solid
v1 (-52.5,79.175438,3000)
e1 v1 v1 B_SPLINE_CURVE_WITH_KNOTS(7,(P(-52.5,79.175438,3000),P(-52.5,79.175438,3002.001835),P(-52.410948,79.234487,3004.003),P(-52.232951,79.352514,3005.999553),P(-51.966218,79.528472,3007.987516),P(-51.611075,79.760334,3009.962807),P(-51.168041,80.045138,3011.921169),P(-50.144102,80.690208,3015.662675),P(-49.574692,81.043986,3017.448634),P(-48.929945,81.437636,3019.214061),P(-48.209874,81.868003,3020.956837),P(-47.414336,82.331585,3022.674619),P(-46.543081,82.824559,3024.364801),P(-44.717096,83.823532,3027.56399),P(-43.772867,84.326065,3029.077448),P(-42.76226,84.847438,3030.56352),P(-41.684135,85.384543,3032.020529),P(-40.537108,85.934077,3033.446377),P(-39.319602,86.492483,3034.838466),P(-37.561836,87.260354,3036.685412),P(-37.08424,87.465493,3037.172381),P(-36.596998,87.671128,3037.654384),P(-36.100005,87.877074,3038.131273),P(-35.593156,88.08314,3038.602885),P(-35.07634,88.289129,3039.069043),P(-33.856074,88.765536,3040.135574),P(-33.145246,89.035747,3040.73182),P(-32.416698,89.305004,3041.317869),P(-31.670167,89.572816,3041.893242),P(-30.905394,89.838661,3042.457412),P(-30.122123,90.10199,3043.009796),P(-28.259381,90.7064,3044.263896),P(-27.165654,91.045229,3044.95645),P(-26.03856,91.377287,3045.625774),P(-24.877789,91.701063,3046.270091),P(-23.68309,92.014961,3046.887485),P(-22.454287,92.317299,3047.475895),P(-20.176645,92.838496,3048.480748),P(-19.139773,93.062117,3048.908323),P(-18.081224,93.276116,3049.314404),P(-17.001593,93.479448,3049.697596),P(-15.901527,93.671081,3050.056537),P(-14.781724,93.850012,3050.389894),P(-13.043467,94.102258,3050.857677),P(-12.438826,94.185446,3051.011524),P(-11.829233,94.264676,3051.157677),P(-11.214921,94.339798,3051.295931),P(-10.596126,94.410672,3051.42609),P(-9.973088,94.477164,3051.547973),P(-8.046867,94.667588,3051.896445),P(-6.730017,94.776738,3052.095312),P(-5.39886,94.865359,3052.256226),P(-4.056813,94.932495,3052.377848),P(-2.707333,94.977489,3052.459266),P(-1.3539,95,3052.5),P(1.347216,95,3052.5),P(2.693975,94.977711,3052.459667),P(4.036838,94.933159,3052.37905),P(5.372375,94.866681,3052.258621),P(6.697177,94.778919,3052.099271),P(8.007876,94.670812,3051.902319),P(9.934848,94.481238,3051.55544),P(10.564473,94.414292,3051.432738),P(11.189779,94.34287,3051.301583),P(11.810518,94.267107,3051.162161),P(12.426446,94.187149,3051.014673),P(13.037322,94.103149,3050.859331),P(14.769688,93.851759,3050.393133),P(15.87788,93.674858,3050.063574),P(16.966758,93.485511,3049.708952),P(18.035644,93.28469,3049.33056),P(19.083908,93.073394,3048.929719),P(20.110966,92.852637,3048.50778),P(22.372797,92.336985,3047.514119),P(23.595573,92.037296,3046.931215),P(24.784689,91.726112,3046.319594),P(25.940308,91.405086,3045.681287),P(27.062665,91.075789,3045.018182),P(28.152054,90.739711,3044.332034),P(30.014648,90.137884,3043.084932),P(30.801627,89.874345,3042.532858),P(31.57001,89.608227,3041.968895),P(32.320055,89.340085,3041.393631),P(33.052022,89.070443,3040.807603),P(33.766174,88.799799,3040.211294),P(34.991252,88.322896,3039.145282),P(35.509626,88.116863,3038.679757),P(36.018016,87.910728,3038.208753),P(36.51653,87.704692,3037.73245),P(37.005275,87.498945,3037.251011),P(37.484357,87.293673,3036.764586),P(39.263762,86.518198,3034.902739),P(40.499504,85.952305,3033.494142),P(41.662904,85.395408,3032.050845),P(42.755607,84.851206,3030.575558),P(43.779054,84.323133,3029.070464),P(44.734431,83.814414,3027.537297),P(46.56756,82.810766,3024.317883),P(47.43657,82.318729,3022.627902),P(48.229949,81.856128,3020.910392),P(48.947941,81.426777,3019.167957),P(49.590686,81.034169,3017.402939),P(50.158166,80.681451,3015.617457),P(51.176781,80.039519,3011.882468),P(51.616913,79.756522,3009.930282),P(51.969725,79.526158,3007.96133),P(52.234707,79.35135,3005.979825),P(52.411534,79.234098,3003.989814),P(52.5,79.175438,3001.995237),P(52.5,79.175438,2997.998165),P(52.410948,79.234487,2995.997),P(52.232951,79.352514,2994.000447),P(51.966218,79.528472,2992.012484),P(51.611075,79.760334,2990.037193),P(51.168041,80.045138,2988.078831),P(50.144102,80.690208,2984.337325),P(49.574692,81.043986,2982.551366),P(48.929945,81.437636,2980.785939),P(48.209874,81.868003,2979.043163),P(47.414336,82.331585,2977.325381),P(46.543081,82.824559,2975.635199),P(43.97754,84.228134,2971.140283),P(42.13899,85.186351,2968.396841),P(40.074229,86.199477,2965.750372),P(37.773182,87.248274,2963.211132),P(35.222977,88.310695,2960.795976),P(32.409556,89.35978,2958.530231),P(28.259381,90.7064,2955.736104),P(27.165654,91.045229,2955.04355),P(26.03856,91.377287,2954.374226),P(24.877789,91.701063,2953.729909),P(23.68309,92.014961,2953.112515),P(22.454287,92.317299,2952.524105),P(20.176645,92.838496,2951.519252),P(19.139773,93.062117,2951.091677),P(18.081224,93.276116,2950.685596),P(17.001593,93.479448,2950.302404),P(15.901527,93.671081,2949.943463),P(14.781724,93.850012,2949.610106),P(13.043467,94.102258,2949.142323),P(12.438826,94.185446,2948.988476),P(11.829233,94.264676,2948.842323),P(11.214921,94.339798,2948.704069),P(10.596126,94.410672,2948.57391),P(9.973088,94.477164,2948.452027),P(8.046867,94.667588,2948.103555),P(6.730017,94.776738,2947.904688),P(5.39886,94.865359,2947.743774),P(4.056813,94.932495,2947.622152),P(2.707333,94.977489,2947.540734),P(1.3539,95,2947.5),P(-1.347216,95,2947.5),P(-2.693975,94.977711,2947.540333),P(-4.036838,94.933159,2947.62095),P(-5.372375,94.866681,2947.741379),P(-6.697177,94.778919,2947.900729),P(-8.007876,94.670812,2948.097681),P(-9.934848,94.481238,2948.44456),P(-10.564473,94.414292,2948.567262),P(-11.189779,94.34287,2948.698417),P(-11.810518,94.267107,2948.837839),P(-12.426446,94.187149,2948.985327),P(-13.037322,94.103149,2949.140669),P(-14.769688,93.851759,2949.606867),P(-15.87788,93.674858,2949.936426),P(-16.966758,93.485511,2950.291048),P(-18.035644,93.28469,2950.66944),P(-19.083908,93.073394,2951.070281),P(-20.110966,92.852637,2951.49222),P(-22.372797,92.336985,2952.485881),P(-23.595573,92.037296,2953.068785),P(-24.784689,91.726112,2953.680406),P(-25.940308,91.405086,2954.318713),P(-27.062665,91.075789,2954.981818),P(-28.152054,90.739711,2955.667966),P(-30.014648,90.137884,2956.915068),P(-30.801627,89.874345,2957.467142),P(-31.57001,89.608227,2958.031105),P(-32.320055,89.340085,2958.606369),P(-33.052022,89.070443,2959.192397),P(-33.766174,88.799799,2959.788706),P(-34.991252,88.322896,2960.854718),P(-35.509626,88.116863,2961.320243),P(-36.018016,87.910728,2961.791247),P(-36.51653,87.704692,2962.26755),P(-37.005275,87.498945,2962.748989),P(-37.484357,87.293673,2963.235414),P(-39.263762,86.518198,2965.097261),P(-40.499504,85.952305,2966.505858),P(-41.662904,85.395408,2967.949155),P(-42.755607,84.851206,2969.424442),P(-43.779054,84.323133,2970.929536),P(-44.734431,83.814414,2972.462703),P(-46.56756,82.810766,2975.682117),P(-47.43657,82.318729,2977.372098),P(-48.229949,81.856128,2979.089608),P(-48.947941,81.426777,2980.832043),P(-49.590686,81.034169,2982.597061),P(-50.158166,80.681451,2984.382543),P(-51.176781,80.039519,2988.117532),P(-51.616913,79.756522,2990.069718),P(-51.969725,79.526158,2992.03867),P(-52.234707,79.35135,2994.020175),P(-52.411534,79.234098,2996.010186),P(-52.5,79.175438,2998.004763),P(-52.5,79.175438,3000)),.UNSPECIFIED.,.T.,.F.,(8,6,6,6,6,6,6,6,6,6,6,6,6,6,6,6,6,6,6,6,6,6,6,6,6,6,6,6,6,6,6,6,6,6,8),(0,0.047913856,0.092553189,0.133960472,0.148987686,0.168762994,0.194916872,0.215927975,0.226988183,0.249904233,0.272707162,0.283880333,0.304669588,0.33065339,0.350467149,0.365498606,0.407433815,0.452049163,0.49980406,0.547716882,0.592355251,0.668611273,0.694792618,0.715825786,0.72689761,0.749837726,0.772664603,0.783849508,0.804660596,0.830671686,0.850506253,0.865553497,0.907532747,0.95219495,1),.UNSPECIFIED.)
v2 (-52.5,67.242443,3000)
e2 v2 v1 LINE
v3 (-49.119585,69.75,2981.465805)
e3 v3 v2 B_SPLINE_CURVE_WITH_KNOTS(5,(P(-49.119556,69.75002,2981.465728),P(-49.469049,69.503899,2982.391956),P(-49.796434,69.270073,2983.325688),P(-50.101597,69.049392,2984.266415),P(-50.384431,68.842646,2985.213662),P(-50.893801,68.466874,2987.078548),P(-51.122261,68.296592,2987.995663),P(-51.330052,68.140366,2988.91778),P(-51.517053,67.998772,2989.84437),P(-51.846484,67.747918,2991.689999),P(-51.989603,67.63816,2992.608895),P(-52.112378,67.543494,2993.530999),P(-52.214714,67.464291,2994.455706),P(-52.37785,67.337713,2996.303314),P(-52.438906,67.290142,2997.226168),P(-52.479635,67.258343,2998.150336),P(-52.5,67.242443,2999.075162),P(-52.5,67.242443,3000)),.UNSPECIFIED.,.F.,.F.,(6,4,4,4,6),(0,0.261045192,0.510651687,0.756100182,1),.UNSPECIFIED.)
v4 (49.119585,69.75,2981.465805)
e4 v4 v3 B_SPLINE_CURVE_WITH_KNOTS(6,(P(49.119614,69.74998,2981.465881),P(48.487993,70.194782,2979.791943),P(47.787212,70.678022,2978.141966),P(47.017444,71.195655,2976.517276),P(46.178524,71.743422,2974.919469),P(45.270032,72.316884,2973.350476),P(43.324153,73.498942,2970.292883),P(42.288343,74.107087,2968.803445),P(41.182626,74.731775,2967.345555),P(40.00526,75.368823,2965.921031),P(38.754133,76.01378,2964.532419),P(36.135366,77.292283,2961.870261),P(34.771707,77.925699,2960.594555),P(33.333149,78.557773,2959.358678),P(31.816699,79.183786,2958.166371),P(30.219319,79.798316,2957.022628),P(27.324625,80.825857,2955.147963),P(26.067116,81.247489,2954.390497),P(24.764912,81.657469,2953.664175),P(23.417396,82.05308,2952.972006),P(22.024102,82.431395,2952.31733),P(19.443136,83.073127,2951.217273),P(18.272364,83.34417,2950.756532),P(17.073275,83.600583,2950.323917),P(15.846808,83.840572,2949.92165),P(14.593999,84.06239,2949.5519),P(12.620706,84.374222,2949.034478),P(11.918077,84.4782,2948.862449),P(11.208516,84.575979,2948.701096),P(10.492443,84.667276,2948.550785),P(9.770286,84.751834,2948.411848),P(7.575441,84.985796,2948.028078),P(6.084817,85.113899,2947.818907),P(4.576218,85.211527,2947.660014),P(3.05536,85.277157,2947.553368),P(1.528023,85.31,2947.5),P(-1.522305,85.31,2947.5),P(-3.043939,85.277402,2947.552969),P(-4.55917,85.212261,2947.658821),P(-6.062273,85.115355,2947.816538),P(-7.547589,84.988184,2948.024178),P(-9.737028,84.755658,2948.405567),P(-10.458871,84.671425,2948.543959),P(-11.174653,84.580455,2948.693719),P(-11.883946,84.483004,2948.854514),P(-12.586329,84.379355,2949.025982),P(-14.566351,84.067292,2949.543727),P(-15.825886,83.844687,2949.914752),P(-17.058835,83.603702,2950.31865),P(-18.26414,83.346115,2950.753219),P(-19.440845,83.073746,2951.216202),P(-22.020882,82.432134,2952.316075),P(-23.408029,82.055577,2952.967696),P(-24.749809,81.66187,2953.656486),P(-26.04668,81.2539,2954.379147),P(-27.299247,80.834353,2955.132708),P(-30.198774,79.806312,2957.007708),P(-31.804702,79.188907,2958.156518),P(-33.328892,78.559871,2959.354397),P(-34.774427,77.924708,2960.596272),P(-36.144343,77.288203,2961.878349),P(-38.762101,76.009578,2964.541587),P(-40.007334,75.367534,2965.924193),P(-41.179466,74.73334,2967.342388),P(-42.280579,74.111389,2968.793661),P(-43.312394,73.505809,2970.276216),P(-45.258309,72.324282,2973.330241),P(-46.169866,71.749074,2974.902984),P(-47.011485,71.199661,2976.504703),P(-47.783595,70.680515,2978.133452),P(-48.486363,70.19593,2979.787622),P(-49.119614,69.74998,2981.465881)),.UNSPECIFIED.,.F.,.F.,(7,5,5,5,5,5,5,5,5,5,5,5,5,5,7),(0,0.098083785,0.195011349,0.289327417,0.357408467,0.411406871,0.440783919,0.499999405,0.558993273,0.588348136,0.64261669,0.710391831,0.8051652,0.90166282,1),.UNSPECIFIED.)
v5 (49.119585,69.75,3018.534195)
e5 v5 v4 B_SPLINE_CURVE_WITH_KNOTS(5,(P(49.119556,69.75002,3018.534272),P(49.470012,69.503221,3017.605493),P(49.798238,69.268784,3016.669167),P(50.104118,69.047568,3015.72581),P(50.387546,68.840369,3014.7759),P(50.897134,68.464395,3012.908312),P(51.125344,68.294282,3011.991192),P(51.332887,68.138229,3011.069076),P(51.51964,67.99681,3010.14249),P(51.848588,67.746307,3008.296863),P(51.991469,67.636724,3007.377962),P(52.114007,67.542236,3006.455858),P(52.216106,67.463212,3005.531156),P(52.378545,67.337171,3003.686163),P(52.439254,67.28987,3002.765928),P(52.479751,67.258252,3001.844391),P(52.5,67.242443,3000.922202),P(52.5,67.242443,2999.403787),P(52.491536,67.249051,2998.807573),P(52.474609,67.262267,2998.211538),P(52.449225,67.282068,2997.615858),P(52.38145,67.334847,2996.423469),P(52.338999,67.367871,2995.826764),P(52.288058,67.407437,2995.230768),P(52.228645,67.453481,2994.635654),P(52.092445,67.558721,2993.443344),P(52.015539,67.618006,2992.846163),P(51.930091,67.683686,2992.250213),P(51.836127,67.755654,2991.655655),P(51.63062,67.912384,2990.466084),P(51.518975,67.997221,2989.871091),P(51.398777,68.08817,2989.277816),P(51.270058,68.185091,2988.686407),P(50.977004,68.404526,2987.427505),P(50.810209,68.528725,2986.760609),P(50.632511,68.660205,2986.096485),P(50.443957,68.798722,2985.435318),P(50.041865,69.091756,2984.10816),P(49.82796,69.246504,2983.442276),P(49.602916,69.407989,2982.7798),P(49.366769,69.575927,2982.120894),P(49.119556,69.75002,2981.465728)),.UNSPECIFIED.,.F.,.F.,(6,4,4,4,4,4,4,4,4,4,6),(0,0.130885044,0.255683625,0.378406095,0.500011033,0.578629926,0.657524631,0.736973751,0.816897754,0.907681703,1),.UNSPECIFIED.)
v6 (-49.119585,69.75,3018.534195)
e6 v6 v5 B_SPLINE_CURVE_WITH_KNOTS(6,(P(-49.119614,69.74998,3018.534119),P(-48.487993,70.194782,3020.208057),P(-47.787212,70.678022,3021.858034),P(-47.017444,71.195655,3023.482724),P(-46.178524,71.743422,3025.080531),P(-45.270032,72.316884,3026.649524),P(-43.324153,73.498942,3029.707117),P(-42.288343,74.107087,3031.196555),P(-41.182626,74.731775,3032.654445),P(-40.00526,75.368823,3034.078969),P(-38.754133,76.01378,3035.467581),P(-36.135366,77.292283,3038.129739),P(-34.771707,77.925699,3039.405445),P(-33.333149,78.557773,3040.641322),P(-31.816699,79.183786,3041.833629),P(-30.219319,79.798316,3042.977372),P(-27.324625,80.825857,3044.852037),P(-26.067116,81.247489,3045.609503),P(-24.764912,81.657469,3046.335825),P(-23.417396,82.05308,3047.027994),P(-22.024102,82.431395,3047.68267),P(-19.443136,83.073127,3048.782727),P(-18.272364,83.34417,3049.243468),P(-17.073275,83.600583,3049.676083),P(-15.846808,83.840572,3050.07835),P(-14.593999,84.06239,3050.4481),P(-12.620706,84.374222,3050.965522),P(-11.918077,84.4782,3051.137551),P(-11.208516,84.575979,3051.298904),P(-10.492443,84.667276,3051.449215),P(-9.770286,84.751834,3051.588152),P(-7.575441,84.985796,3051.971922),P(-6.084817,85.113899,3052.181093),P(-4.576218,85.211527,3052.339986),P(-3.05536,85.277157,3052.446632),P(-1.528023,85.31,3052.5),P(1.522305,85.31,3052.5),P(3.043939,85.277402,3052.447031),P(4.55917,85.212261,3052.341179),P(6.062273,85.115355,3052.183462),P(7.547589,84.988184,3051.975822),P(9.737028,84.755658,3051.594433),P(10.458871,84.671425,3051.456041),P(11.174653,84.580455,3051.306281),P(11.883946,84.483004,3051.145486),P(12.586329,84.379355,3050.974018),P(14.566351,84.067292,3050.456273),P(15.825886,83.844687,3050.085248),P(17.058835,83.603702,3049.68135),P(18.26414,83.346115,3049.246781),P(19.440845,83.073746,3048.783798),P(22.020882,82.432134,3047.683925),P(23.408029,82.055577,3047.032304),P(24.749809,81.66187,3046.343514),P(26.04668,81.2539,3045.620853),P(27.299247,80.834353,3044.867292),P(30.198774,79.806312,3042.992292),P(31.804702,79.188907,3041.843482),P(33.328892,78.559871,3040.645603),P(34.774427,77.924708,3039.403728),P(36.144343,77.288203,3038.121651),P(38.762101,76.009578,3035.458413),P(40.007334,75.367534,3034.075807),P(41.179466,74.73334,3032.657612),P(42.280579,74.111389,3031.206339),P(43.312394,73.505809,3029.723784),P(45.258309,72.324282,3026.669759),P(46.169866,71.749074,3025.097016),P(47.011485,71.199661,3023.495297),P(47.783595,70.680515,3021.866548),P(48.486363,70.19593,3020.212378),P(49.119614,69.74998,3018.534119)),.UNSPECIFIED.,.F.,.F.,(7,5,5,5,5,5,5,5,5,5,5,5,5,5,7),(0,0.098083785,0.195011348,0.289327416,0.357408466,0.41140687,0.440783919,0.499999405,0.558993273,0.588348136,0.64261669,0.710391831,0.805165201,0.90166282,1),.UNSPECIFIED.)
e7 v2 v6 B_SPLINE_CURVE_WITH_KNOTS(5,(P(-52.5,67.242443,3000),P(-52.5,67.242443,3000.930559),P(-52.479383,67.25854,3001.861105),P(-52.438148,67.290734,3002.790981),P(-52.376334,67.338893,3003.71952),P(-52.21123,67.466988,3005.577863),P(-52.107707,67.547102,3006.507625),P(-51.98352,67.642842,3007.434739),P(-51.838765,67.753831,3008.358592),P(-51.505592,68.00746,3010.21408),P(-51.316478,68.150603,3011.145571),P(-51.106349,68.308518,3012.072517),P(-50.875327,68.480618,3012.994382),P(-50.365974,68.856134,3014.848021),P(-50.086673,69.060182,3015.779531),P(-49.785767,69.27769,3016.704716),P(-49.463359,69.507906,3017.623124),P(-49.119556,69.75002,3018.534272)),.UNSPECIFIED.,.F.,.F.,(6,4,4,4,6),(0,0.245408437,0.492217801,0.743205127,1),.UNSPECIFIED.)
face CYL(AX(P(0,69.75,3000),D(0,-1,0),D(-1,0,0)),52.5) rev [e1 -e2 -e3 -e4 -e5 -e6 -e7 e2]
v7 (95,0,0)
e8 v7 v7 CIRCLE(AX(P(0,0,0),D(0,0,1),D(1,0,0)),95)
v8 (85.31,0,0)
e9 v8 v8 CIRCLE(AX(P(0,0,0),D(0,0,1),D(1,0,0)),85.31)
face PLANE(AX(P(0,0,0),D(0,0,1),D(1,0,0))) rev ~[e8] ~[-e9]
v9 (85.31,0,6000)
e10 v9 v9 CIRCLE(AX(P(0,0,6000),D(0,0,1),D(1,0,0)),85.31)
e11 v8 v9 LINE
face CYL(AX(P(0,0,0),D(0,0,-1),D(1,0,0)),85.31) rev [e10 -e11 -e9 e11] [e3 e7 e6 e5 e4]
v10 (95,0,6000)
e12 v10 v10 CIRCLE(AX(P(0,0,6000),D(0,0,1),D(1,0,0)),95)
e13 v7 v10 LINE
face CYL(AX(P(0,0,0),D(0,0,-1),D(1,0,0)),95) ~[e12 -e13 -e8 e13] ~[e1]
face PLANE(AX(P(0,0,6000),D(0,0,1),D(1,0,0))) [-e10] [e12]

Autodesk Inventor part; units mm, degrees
ref_plane "YZ Plane" through (0, 0, 0) normal (1, 0, 0) x (0, 1, 0)
ref_plane "XY Plane" through (0, 0, 0) normal (0, 0, 1) x (1, 0, 0)
sketch "Boceto1" plane through (0, 0, 0) normal (0, 0, 1) x (1, 0, 0)
  circle A0 centre (0, 0) radius 95
  circle A1 centre (0, 0) radius 85.31
  dimension "d0" = 190
  dimension "d1" = 170.62
extrude "Extrusión1" add sketch "Boceto1" along normal blind 6000
ref_plane "Plano de trabajo4" through (0, 69.75, 0) normal (0, 1, 0) x (-1, 0, 0)
sketch "Boceto5" plane through (0, 69.75, 0) normal (0, 1, 0) x (-1, 0, 0)
  point P0 (0, 0)
sketch "Boceto6" plane through (0, 69.75, 0) normal (0, 1, 0) x (-1, 0, 0)
  line L0 (0, 0) -> (0, 3000) construction
  circle A0 centre (0, 3000) radius 52.5
  dimension "d18" = 105
extrude "Extrusión5" cut sketch "Boceto6" along normal mid plane 60
properties part number "Tubo para aspersores"
